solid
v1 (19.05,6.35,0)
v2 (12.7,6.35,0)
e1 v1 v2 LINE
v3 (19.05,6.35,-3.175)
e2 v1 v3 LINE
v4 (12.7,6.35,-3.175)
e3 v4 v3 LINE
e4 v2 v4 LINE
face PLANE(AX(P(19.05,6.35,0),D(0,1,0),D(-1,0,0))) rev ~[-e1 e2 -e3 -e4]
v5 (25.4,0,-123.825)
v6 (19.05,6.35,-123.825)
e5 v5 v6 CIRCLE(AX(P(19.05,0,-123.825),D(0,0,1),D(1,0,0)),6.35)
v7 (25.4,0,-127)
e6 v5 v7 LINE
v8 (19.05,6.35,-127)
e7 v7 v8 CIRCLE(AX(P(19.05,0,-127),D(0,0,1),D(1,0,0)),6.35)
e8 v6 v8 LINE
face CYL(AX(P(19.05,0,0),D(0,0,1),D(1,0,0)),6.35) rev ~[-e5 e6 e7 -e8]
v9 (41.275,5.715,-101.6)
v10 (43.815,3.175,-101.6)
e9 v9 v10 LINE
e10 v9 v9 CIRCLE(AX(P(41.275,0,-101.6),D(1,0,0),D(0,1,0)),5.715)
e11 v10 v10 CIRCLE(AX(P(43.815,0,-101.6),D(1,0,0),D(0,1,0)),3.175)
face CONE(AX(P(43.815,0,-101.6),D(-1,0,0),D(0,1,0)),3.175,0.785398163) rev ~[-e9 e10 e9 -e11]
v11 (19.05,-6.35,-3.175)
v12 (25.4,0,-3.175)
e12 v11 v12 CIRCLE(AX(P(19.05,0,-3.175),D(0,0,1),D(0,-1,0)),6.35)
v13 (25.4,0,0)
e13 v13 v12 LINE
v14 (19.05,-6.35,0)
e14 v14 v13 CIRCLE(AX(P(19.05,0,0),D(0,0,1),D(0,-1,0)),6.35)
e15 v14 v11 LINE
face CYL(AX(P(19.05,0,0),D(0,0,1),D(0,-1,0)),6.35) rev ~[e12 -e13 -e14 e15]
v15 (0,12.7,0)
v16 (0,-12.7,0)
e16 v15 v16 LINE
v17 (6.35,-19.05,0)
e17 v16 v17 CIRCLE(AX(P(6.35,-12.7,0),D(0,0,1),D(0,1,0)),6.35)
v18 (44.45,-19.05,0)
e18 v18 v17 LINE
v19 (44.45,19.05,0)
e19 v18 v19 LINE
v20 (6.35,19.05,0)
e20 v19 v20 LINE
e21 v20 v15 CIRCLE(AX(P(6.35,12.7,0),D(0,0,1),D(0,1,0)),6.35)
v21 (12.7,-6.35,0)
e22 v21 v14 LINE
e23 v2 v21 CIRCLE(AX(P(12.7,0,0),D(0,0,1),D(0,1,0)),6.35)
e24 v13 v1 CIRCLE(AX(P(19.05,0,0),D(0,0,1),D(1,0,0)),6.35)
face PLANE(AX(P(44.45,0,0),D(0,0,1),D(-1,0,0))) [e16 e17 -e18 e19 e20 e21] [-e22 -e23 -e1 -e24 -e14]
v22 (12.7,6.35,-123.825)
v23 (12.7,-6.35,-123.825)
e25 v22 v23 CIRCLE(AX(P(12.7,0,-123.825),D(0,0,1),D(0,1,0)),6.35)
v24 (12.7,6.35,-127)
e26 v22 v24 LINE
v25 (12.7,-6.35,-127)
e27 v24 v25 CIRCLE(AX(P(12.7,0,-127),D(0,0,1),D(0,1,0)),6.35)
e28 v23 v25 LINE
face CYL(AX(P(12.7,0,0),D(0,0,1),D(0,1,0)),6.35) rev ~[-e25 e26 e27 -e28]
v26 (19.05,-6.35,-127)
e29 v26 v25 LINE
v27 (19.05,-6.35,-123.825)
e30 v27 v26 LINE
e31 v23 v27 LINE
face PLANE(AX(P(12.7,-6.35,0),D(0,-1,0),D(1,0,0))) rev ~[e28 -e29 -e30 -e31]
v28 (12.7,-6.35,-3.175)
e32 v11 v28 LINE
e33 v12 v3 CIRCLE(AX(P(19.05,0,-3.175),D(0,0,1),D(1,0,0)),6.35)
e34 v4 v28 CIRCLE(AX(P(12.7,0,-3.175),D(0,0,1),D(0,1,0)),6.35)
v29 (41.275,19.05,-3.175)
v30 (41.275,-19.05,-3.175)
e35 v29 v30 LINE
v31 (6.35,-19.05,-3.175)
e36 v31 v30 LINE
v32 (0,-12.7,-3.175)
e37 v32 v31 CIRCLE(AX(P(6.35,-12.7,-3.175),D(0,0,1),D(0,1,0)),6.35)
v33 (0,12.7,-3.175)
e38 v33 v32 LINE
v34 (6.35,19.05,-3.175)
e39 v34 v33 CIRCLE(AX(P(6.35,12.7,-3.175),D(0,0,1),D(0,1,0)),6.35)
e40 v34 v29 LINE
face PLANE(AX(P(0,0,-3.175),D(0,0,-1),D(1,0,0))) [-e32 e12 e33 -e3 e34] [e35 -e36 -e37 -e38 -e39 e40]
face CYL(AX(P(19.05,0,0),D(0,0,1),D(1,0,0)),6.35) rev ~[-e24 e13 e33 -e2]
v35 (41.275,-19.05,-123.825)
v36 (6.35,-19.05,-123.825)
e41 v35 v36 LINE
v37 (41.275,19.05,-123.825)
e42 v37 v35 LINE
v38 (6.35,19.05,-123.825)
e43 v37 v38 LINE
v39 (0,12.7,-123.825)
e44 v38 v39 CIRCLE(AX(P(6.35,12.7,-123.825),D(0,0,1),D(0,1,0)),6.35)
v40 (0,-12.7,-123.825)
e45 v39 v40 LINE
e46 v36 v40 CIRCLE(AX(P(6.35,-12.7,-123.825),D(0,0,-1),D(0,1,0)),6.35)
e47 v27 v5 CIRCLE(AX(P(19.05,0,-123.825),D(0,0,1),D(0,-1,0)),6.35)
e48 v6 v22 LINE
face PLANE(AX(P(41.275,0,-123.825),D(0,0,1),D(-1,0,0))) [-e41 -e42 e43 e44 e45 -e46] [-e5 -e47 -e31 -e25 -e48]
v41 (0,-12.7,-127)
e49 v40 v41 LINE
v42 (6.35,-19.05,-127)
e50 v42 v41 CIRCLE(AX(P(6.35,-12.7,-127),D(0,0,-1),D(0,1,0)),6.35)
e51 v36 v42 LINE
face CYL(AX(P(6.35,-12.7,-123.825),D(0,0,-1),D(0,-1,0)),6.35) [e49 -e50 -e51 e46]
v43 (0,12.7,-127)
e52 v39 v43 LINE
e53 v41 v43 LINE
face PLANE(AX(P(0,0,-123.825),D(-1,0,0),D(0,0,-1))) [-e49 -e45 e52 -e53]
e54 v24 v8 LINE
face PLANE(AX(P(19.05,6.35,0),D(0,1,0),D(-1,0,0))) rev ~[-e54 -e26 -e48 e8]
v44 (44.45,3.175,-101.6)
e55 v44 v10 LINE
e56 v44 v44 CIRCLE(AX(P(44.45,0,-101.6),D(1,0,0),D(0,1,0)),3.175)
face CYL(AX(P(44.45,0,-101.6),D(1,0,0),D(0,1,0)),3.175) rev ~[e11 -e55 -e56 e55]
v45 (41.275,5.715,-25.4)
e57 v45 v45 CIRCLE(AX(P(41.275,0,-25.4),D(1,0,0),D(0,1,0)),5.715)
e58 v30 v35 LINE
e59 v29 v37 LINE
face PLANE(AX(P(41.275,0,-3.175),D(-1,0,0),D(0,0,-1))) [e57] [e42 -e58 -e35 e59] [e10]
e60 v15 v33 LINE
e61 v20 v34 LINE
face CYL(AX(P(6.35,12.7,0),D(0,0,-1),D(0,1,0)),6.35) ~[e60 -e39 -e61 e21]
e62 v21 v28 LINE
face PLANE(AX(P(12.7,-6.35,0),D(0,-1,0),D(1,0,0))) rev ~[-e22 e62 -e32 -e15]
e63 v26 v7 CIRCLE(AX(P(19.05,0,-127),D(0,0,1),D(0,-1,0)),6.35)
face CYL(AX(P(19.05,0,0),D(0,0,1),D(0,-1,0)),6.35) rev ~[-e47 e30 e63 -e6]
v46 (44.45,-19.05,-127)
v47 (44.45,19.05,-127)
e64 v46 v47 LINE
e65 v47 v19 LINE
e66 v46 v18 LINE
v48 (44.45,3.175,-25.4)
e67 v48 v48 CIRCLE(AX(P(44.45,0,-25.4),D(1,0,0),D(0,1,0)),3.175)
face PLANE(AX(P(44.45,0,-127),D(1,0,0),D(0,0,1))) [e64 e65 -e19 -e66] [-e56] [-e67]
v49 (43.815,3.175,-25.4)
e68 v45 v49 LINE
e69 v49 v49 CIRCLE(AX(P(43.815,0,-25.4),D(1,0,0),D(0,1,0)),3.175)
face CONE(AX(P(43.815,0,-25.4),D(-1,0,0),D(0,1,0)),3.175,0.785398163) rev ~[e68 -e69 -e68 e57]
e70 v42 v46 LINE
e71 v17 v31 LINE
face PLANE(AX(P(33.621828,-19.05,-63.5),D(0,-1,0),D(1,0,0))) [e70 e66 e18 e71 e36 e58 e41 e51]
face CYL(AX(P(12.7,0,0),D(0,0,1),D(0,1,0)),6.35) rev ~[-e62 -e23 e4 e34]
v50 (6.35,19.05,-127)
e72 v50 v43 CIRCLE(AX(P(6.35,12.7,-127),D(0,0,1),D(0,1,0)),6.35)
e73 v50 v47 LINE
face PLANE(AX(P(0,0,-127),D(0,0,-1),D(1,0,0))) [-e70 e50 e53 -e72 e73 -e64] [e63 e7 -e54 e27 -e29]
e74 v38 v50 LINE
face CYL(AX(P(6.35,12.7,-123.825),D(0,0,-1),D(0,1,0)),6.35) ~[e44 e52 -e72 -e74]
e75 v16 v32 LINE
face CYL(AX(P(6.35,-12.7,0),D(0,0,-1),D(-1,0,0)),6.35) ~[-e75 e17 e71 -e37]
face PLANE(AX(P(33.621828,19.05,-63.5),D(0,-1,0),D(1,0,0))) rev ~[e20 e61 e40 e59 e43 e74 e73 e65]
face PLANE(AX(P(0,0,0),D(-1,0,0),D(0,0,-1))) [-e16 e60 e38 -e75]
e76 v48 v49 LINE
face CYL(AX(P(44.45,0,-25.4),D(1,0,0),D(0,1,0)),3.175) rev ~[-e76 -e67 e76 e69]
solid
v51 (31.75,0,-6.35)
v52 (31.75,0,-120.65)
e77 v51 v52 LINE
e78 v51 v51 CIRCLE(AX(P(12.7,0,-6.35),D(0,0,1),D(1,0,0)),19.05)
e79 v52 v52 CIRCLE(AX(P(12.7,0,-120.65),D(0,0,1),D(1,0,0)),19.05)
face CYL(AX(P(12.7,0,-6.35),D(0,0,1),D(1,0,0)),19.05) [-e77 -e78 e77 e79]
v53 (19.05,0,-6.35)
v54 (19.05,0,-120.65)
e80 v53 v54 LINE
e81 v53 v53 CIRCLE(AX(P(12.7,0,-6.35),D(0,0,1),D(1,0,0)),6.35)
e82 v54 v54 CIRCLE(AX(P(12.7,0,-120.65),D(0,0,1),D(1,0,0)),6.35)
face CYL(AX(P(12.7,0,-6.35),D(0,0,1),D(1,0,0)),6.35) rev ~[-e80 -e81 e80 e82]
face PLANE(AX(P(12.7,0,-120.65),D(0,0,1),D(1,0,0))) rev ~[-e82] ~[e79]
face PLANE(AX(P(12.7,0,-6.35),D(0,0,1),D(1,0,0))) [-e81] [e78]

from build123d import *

# Parameters (mm, degrees)
F1_START = -6.35
F0_R     = 19.05
F0_R_2   = 6.35
F1_DEPTH = 114.3
F3_DEPTH = 19.05
F5_DEPTH = 127.001
F6_R     = 6.35
F7_R     = 3.175
F8_DEPTH = 50.801
F9_SIZE  = 2.54


with BuildPart() as f1:
    # F0 (on Top) → F1 (new body)
    with BuildSketch(Plane.XY.offset(F1_START)):
        with Locations((12.7, 0)):
            Circle(F0_R)
        with Locations((12.7, 0)):
            Circle(F0_R_2, mode=Mode.SUBTRACT)
    extrude(amount=-F1_DEPTH)


with BuildPart() as f3:
    # F2 (on Front) → F3 (new body, symmetric)
    with BuildSketch(Plane.XZ):
        Polygon((44.45, 0), (0, 0), (0, -3.175), (41.275, -3.175), (41.275, -123.825), (0, -123.825), (0, -127), (44.45, -127), align=None)
    extrude(amount=F3_DEPTH, both=True)

    # F4 (on face) → F5 (cut, through all)
    with BuildSketch(Plane.XY):
        with BuildLine():
            ThreePointArc((19.05, 6.35), (17.4064990636, 6.1336289969), (15.875, 5.499261314))
            ThreePointArc((15.875, 5.499261314), (18.199261314, 3.175), (19.05, 0))
            ThreePointArc((19.05, 0), (18.199261314, -3.175), (15.875, -5.499261314))
            ThreePointArc((15.875, -5.499261314), (17.4064990636, -6.1336289969), (19.05, -6.35))
            ThreePointArc((19.05, -6.35), (23.5401280605, -4.4901280605), (25.4, 0))
            ThreePointArc((25.4, 0), (23.5401280605, 4.4901280605), (19.05, 6.35))
        make_face()
        with BuildLine():
            ThreePointArc((15.875, 5.499261314), (14.3435009364, 6.1336289969), (12.7, 6.35))
            ThreePointArc((12.7, 6.35), (6.35, 0), (12.7, -6.35))
            ThreePointArc((12.7, -6.35), (14.3435009364, -6.1336289969), (15.875, -5.499261314))
            ThreePointArc((15.875, -5.499261314), (12.7, 0), (15.875, 5.499261314))
        make_face()
        with BuildLine():
            ThreePointArc((19.05, 0), (18.199261314, 3.175), (15.875, 5.499261314))
            ThreePointArc((15.875, 5.499261314), (12.7, 0), (15.875, -5.499261314))
            ThreePointArc((15.875, -5.499261314), (18.199261314, -3.175), (19.05, 0))
        make_face()
        with BuildLine():
            Line((19.05, 6.35), (12.7, 6.35))
            ThreePointArc((12.7, 6.35), (14.3435009364, 6.1336289969), (15.875, 5.499261314))
            ThreePointArc((15.875, 5.499261314), (17.4064990636, 6.1336289969), (19.05, 6.35))
        make_face()
        with BuildLine():
            ThreePointArc((15.875, -5.499261314), (14.3435009364, -6.1336289969), (12.7, -6.35))
            Line((12.7, -6.35), (19.05, -6.35))
            ThreePointArc((19.05, -6.35), (17.4064990636, -6.1336289969), (15.875, -5.499261314))
        make_face()
    extrude(amount=-F5_DEPTH, mode=Mode.SUBTRACT)

    # F6
    f6_edges = [f3.edges().sort_by_distance(p)[0] for p in [
        (0, 19.05, -1.5875),
        (0, -19.05, -1.5875),
        (0, -19.05, -125.4125),
        (0, 19.05, -125.4125),
    ]]
    fillet(f6_edges, radius=F6_R)

    # F7 (on face) → F8 (cut, through all)
    with BuildSketch(Plane.YZ.offset(44.45)):
        with Locations((0, -25.4)):
            Circle(F7_R)
        with Locations((0, -101.6)):
            Circle(F7_R)
    extrude(amount=-F8_DEPTH, mode=Mode.SUBTRACT)

    # F9
    f9_edges = [f3.edges().sort_by_distance(p)[0] for p in [
        (41.275, -3.175, -25.4),
        (41.275, -3.175, -101.6),
    ]]
    chamfer(f9_edges, length=F9_SIZE)


solid = Compound([f1.part, f3.part])
